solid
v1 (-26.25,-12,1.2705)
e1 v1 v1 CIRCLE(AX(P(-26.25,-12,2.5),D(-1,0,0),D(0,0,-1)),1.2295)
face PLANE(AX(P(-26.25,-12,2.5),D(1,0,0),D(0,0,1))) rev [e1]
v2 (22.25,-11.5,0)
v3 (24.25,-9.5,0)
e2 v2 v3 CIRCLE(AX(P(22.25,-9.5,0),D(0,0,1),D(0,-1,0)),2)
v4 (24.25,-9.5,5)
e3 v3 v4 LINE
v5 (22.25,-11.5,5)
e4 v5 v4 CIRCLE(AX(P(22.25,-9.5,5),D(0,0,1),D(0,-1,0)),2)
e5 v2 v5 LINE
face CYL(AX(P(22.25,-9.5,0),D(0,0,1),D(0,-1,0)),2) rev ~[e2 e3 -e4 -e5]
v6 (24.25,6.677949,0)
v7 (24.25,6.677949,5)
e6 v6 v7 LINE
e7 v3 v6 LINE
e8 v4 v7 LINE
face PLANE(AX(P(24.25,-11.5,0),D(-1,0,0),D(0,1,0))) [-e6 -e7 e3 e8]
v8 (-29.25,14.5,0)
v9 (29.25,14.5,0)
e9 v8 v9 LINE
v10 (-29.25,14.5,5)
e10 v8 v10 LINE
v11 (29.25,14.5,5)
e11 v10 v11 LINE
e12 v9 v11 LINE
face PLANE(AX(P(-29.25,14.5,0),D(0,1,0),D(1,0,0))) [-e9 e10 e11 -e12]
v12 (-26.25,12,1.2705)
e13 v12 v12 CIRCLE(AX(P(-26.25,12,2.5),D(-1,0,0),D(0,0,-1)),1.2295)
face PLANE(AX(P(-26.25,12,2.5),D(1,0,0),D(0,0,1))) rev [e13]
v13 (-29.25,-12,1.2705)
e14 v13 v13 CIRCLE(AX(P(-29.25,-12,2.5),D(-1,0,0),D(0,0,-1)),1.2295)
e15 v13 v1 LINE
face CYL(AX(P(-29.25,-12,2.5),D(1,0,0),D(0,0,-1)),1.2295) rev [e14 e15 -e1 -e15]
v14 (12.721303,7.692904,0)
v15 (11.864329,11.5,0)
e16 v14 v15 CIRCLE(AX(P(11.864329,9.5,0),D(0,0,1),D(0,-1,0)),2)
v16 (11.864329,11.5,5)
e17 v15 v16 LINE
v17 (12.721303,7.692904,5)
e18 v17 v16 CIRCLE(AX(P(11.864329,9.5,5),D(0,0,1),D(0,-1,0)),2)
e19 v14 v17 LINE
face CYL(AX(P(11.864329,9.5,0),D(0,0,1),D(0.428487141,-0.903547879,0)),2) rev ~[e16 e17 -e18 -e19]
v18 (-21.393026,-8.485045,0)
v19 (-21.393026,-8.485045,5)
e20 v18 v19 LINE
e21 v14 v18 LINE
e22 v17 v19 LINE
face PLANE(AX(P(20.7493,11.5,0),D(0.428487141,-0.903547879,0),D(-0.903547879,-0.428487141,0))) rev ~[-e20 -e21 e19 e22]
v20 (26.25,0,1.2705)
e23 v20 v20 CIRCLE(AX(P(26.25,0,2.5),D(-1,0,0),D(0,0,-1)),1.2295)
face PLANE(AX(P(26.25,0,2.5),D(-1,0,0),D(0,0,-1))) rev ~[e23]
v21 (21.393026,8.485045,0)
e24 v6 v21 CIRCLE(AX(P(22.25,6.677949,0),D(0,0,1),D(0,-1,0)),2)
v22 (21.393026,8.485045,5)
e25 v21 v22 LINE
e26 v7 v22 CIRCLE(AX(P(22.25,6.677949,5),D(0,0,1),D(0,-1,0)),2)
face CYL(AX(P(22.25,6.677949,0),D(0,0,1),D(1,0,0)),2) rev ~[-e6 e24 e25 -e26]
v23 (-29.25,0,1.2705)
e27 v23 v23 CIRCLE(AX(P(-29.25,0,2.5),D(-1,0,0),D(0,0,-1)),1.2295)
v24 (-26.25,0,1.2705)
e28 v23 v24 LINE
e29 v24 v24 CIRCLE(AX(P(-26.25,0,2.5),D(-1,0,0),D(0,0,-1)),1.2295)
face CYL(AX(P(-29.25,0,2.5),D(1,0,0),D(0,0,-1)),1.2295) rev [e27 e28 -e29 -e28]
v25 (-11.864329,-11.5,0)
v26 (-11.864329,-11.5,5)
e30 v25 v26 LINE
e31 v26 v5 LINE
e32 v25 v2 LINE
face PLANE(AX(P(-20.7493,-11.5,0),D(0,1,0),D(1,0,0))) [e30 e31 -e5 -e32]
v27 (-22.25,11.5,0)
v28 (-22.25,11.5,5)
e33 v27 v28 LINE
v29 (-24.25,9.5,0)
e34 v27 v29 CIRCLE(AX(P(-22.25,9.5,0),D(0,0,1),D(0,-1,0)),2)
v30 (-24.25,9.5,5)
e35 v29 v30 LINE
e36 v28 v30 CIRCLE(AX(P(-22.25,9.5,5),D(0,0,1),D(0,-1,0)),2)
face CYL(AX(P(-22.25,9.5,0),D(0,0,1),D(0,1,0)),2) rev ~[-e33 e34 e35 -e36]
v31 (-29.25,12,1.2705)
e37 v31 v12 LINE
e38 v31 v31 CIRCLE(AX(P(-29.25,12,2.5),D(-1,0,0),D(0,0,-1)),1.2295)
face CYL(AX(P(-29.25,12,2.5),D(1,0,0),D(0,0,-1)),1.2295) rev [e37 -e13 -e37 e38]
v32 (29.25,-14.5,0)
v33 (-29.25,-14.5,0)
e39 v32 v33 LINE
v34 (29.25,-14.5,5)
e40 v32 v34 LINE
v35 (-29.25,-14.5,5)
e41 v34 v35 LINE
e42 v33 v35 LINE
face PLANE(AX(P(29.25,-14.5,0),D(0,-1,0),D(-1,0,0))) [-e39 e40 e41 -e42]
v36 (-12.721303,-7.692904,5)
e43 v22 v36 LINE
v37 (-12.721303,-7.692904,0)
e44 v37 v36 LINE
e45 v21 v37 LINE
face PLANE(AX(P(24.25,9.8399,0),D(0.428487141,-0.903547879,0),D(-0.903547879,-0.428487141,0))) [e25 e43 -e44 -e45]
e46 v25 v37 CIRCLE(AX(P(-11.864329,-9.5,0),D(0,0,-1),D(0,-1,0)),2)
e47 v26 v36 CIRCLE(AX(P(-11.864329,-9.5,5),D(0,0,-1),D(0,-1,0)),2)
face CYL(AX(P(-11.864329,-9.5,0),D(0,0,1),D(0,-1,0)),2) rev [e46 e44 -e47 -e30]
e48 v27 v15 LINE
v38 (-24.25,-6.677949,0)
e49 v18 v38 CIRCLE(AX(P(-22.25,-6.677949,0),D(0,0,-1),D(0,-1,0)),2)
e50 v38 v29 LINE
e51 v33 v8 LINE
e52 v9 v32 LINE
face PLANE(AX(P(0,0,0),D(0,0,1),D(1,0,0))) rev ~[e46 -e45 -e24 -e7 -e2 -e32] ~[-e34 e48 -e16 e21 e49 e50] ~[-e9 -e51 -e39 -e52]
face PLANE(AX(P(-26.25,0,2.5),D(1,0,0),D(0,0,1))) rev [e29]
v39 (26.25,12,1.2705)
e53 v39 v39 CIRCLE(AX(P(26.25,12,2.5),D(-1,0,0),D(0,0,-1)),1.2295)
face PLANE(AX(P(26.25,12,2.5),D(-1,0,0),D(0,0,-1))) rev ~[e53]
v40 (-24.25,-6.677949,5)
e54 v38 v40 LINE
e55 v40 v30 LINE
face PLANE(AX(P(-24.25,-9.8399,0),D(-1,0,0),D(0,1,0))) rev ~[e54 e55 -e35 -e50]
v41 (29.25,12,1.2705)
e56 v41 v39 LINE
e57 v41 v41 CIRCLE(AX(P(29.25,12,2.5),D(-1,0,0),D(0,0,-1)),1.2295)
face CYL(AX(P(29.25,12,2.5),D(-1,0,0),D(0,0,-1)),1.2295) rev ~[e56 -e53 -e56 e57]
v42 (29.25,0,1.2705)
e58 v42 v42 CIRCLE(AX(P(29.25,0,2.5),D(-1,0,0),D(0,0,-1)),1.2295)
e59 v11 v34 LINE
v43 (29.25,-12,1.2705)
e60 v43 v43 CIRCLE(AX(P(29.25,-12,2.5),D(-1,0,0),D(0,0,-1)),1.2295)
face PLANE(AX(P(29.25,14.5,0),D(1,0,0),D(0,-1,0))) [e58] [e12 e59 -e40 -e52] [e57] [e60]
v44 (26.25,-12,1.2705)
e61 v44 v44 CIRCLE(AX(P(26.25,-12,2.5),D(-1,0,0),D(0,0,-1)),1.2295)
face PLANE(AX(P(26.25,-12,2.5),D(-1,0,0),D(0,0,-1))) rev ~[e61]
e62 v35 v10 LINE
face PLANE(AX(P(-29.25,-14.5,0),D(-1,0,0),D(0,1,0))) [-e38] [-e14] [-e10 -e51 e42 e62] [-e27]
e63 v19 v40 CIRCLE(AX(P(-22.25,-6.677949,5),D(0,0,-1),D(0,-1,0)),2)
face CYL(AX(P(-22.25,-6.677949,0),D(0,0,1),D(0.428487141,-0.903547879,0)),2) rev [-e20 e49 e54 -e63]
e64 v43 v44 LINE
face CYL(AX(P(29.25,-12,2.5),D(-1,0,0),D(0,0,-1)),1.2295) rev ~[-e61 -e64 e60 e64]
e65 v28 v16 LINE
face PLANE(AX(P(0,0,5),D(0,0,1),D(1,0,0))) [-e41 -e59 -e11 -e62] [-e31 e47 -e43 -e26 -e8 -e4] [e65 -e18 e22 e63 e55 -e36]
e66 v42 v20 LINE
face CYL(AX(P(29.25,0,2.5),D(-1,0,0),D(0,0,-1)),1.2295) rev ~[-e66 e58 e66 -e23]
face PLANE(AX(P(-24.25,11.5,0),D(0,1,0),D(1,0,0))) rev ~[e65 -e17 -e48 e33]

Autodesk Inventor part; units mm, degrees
ref_plane "YZ Plane" through (0, 0, 0) normal (1, 0, 0) x (0, 1, 0)
ref_plane "XZ Plane" through (0, 0, 0) normal (0, 1, 0) x (-1, 0, 0)
ref_plane "XY Plane" through (0, 0, 0) normal (0, 0, 1) x (1, 0, 0)
sketch "スケッチ1" plane through (0, 0, 0) normal (0, 0, 1) x (1, 0, 0)
  line L0 (-29.25, 14.5) -> (29.25, 14.5)
  line L1 (29.25, 14.5) -> (29.25, -14.5)
  line L2 (29.25, -14.5) -> (-29.25, -14.5)
  line L3 (-29.25, -14.5) -> (-29.25, 14.5)
  line L4 (-24.25, 11.5) -> (24.25, 11.5) construction
  line L5 (24.25, 11.5) -> (24.25, -11.5) construction
  line L6 (24.25, -11.5) -> (-24.25, -11.5) construction
  line L7 (-24.25, -11.5) -> (-24.25, 11.5) construction
  line L8 (24.25, 11.5) -> (-24.25, -11.5) construction
  line L9 (-24.25, -9.8399) -> (-24.25, 11.5)
  line L10 (-24.25, 11.5) -> (20.7493, 11.5)
  line L11 (20.7493, 11.5) -> (-24.25, -9.8399)
  line L12 (-20.7493, -11.5) -> (24.25, -11.5)
  line L13 (24.25, -11.5) -> (24.25, 9.8399)
  line L14 (24.25, 9.8399) -> (-20.7493, -11.5)
  line L15 (-29.25, 12) -> (29.25, 12) construction
  line L16 (29.25, -12) -> (-29.25, -12) construction
  line L17 (29.25, 12) -> (29.25, -12) construction
  point P0 (0, 0)
  point P1 (0, 11.5)
  point P2 (0, 14.5)
  point P3 (24.25, 0)
  point P4 (29.25, 0)
  dimension "d0" = 5
  dimension "d1" = 3
  dimension "d2" = 1.5
  dimension "d3" = 24
  dimension "d4" = 2.5
  dimension "d16" = 58.5
extrude "押し出し1" add sketch "スケッチ1" along normal blind 5
sketch "スケッチ2" plane through (29.25, -14.5, 0) normal (1, 0, 0) x (0, 0, -1)
  line L0 (0, 29) -> (-5, 29) projected
  line L1 (-5, 0) -> (-5, 29) projected
  line L2 (0, 14.5) -> (-5, 14.5) construction
  point P0 (-2.5, 2.5)
  point P1 (-2.5, 14.5)
  point P2 (-2.5, 26.5)
  point P3 (-2.5, 29)
  dimension "d7" = 24
hole "穴1" at (29.25, -12, 2.5) at (29.25, 0, 2.5) at (29.25, 12, 2.5) direction (-1, 0, 0) diameter 2.459 depth 3 thread size "M3x0.5" class "6H" standard "ISO Metric profile"
mirror "ミラー1" about plane through (0, 0, 0) normal (1, 0, 0) of "穴1"
fillet "フィレット1" radius 2 6 edges at (-20.7493, -11.5, 2.5) (-24.25, -9.8399, 2.5) (24.25, 9.8399, 2.5) (24.25, -11.5, 2.5) (-24.25, 11.5, 2.5) (20.7493, 11.5, 2.5)
equation "\"d3\" = d5_1"
equation "\"d7\" = d3"
equation "\"d5_1\" = 24"
properties part number "リンク_ふくらはぎ_サブフレーム_1_2(予備案)" material "アルミニウム 2014-T4"
